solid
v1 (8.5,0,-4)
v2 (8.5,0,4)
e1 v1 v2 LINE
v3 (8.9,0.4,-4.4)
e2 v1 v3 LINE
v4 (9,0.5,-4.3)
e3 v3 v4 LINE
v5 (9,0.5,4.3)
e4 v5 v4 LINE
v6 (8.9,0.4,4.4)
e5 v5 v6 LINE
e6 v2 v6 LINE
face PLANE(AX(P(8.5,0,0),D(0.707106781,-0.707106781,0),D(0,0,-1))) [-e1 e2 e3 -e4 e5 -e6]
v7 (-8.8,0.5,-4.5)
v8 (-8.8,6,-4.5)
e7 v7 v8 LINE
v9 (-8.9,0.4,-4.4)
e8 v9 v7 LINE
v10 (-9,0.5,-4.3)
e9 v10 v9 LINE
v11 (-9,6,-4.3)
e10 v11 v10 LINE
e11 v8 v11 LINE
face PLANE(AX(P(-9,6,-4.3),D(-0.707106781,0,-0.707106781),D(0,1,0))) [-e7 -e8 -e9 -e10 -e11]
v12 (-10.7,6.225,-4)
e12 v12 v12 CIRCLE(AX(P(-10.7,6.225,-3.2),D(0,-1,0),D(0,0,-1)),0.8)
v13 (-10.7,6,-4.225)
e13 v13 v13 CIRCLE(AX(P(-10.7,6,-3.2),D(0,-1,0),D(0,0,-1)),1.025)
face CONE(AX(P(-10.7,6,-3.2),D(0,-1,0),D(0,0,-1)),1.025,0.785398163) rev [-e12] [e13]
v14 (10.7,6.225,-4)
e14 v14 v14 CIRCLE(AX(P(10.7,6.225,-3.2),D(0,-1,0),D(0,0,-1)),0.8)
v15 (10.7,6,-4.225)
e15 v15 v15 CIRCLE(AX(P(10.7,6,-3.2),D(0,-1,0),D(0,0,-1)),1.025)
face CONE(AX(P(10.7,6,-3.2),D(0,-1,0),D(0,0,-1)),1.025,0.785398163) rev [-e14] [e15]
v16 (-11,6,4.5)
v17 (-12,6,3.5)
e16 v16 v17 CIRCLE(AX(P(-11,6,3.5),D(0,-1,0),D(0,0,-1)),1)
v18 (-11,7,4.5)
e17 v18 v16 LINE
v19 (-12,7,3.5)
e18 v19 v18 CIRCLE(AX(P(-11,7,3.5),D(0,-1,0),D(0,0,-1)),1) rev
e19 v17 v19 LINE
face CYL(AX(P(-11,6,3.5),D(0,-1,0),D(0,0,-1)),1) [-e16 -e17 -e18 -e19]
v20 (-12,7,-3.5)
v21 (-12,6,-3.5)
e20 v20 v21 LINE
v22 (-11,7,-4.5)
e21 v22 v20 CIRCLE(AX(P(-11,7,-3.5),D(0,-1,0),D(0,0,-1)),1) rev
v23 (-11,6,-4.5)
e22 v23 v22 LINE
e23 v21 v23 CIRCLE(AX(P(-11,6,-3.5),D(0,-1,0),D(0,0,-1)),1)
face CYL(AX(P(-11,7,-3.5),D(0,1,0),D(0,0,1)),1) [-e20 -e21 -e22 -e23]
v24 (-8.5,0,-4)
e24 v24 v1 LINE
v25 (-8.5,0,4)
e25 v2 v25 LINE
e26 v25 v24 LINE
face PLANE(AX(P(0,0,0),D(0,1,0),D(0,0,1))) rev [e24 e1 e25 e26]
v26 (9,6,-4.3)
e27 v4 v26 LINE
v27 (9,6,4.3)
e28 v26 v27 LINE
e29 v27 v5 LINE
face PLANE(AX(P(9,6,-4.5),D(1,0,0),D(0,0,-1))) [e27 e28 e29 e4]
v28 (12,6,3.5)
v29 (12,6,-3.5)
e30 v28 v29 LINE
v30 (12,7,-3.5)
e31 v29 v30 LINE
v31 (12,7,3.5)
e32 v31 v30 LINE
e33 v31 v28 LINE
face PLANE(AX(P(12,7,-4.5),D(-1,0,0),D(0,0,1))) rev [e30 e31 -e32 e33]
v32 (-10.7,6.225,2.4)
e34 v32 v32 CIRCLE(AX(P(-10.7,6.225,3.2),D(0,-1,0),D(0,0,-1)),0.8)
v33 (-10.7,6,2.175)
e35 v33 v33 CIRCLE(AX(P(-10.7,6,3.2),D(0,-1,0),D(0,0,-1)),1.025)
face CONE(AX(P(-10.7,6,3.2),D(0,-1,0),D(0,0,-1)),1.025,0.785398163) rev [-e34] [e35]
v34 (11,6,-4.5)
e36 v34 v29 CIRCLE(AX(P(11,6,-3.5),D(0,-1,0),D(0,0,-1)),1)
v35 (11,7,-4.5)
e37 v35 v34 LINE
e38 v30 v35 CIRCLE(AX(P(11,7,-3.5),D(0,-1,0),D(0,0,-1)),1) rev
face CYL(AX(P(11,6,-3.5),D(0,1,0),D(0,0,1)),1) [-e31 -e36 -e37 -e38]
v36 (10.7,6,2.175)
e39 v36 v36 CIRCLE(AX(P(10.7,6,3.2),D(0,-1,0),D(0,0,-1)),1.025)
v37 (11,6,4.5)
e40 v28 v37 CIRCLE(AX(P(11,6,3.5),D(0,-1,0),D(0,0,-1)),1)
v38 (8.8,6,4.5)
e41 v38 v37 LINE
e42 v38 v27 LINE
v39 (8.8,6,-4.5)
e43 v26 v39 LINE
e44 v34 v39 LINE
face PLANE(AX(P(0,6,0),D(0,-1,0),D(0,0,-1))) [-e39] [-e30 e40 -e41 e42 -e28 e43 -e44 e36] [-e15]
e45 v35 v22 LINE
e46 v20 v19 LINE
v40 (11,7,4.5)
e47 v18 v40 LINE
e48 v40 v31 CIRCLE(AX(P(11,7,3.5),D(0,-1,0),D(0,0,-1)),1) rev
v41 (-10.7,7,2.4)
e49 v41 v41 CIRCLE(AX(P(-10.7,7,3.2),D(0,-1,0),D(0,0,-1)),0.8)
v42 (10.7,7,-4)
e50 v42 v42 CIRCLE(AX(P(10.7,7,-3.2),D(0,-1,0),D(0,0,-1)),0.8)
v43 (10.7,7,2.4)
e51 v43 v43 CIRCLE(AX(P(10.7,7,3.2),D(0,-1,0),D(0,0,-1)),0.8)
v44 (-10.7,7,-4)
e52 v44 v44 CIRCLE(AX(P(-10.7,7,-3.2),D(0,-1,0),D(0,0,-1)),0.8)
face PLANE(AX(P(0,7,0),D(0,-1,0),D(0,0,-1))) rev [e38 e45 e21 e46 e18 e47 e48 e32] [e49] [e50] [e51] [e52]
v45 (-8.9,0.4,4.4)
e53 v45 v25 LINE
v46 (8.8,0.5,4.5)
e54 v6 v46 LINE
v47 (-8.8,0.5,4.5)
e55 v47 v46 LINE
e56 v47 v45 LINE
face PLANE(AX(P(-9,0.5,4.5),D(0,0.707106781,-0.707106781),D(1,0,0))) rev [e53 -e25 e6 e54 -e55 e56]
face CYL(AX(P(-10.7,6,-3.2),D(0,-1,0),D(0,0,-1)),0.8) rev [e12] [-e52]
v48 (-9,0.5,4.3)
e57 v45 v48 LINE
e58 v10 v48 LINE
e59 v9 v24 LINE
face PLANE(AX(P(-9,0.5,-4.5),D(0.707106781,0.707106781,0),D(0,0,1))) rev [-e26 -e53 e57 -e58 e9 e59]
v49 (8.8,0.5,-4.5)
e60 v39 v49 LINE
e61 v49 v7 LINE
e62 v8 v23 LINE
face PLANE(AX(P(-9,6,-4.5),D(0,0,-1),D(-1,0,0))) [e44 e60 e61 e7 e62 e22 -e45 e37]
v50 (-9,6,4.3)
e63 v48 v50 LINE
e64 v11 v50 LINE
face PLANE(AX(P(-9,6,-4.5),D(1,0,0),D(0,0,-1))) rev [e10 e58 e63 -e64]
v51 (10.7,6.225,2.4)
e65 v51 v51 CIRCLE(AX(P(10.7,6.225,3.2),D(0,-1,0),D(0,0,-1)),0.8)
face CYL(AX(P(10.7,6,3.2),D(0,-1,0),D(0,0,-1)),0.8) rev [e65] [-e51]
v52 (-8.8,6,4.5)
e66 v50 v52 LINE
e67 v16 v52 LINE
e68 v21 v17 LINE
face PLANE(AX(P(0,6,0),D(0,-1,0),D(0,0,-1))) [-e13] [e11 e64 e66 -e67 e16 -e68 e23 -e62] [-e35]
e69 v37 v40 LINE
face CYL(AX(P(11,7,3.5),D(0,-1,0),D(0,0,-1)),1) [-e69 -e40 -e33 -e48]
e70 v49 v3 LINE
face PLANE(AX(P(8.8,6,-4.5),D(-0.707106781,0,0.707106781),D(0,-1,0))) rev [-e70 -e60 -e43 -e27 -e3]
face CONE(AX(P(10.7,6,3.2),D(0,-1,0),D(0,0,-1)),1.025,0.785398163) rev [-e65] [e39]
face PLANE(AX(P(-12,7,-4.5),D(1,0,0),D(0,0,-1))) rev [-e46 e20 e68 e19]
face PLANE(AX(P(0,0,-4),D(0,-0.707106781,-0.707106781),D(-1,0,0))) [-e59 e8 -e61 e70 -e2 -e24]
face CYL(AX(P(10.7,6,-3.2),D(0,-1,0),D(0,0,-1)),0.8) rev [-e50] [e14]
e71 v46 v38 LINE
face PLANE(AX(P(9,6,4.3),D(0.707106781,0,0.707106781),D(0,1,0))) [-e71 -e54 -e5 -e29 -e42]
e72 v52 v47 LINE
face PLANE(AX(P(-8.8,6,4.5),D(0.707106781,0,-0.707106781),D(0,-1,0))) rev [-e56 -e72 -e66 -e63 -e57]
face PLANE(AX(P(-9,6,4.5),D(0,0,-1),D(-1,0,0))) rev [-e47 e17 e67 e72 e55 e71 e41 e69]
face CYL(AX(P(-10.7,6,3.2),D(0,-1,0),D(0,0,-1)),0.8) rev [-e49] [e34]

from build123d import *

# Parameters (mm, degrees)
SKETCH_1_W                  = 18
SKETCH_1_H                  = 9
EXTRUDE_1_DEPTH             = 6
SKETCH_2_W                  = 24
SKETCH_2_H                  = 9
EXTRUDE_2_DEPTH             = 1
FILLET_1_R                  = 1
CHAMFER_1_SIZE              = 0.5
CHAMFER_2_SIZE              = 0.2
HOLE_WIZARD_M2_1_AT_2_COUNT = 2
HOLE_WIZARD_M2_1_AT_2_PITCH = 6.4
HOLE_WIZARD_M2_1_AT_3_COUNT = 2
HOLE_WIZARD_M2_1_AT_3_PITCH = 22.336517186
HOLE_WIZARD_M2_1_AT_4_COUNT = 2
HOLE_WIZARD_M2_1_AT_4_PITCH = 21.4


with BuildPart() as part:
    # 草图1 → 凸台-拉伸1 (new body)
    with BuildSketch(Plane(origin=(0, 0, 0), x_dir=(1, 0, 0), z_dir=(0, 1, 0))):
        Rectangle(SKETCH_1_W, SKETCH_1_H)
    extrude(amount=EXTRUDE_1_DEPTH)

    # 草图2 → 凸台-拉伸2 (add)
    with BuildSketch(Plane(origin=(0, 6, 0), x_dir=(1, 0, 0), z_dir=(0, 1, 0))):
        Rectangle(SKETCH_2_W, SKETCH_2_H)
    extrude(amount=EXTRUDE_2_DEPTH)

    # 圆角1
    fillet_1_edges = [part.edges().sort_by_distance(p)[0] for p in [
        (-12, 6.5, -4.5),
        (-12, 6.5, 4.5),
        (12, 6.5, 4.5),
        (12, 6.5, -4.5),
    ]]
    fillet(fillet_1_edges, radius=FILLET_1_R)

    # 倒角1
    chamfer_1_edges = [part.edges().sort_by_distance(p)[0] for p in [
        (0, 0, -4.5),
        (9, 0, 0),
        (0, 0, 4.5),
        (-9, 0, 0),
    ]]
    chamfer(chamfer_1_edges, length=CHAMFER_1_SIZE)

    # 倒角2
    chamfer_2_edges = [part.edges().sort_by_distance(p)[0] for p in [
        (-9, 3.25, -4.5),
        (9, 3.25, -4.5),
        (9, 3.25, 4.5),
        (-9, 3.25, 4.5),
    ]]
    chamfer(chamfer_2_edges, length=CHAMFER_2_SIZE)

    # 草图5 → M2 螺纹孔1 (revolve, cut)
    with BuildSketch(Plane(origin=(-10.7, 6, -3.2), x_dir=(0, 0, -1), z_dir=(1, 0, 0))):
        Polygon((0, 0), (0, 1), (0.8, 1), (0.8, 0.225), (1.025, 0), align=None)
    hole_wizard_m2_1 = revolve(axis=Axis((-10.7, -0.35, -3.2), (0, 1, 0)), mode=Mode.SUBTRACT)

    # M2 螺纹孔1 at 2: M2 螺纹孔1 ×2
    with Locations(*[(0, 0, i * HOLE_WIZARD_M2_1_AT_2_PITCH) for i in range(1, HOLE_WIZARD_M2_1_AT_2_COUNT)]):
        add(hole_wizard_m2_1, mode=Mode.SUBTRACT)

    # M2 螺纹孔1 at 3: M2 螺纹孔1 ×2
    with Locations(*[Vector(0.958072371883615, 0, 0.2865263168250065) * (i * HOLE_WIZARD_M2_1_AT_3_PITCH) for i in range(1, HOLE_WIZARD_M2_1_AT_3_COUNT)]):
        add(hole_wizard_m2_1, mode=Mode.SUBTRACT)

    # M2 螺纹孔1 at 4: M2 螺纹孔1 ×2
    with Locations(*[(i * HOLE_WIZARD_M2_1_AT_4_PITCH, 0, 0) for i in range(1, HOLE_WIZARD_M2_1_AT_4_COUNT)]):
        add(hole_wizard_m2_1, mode=Mode.SUBTRACT)


solid = part.part
